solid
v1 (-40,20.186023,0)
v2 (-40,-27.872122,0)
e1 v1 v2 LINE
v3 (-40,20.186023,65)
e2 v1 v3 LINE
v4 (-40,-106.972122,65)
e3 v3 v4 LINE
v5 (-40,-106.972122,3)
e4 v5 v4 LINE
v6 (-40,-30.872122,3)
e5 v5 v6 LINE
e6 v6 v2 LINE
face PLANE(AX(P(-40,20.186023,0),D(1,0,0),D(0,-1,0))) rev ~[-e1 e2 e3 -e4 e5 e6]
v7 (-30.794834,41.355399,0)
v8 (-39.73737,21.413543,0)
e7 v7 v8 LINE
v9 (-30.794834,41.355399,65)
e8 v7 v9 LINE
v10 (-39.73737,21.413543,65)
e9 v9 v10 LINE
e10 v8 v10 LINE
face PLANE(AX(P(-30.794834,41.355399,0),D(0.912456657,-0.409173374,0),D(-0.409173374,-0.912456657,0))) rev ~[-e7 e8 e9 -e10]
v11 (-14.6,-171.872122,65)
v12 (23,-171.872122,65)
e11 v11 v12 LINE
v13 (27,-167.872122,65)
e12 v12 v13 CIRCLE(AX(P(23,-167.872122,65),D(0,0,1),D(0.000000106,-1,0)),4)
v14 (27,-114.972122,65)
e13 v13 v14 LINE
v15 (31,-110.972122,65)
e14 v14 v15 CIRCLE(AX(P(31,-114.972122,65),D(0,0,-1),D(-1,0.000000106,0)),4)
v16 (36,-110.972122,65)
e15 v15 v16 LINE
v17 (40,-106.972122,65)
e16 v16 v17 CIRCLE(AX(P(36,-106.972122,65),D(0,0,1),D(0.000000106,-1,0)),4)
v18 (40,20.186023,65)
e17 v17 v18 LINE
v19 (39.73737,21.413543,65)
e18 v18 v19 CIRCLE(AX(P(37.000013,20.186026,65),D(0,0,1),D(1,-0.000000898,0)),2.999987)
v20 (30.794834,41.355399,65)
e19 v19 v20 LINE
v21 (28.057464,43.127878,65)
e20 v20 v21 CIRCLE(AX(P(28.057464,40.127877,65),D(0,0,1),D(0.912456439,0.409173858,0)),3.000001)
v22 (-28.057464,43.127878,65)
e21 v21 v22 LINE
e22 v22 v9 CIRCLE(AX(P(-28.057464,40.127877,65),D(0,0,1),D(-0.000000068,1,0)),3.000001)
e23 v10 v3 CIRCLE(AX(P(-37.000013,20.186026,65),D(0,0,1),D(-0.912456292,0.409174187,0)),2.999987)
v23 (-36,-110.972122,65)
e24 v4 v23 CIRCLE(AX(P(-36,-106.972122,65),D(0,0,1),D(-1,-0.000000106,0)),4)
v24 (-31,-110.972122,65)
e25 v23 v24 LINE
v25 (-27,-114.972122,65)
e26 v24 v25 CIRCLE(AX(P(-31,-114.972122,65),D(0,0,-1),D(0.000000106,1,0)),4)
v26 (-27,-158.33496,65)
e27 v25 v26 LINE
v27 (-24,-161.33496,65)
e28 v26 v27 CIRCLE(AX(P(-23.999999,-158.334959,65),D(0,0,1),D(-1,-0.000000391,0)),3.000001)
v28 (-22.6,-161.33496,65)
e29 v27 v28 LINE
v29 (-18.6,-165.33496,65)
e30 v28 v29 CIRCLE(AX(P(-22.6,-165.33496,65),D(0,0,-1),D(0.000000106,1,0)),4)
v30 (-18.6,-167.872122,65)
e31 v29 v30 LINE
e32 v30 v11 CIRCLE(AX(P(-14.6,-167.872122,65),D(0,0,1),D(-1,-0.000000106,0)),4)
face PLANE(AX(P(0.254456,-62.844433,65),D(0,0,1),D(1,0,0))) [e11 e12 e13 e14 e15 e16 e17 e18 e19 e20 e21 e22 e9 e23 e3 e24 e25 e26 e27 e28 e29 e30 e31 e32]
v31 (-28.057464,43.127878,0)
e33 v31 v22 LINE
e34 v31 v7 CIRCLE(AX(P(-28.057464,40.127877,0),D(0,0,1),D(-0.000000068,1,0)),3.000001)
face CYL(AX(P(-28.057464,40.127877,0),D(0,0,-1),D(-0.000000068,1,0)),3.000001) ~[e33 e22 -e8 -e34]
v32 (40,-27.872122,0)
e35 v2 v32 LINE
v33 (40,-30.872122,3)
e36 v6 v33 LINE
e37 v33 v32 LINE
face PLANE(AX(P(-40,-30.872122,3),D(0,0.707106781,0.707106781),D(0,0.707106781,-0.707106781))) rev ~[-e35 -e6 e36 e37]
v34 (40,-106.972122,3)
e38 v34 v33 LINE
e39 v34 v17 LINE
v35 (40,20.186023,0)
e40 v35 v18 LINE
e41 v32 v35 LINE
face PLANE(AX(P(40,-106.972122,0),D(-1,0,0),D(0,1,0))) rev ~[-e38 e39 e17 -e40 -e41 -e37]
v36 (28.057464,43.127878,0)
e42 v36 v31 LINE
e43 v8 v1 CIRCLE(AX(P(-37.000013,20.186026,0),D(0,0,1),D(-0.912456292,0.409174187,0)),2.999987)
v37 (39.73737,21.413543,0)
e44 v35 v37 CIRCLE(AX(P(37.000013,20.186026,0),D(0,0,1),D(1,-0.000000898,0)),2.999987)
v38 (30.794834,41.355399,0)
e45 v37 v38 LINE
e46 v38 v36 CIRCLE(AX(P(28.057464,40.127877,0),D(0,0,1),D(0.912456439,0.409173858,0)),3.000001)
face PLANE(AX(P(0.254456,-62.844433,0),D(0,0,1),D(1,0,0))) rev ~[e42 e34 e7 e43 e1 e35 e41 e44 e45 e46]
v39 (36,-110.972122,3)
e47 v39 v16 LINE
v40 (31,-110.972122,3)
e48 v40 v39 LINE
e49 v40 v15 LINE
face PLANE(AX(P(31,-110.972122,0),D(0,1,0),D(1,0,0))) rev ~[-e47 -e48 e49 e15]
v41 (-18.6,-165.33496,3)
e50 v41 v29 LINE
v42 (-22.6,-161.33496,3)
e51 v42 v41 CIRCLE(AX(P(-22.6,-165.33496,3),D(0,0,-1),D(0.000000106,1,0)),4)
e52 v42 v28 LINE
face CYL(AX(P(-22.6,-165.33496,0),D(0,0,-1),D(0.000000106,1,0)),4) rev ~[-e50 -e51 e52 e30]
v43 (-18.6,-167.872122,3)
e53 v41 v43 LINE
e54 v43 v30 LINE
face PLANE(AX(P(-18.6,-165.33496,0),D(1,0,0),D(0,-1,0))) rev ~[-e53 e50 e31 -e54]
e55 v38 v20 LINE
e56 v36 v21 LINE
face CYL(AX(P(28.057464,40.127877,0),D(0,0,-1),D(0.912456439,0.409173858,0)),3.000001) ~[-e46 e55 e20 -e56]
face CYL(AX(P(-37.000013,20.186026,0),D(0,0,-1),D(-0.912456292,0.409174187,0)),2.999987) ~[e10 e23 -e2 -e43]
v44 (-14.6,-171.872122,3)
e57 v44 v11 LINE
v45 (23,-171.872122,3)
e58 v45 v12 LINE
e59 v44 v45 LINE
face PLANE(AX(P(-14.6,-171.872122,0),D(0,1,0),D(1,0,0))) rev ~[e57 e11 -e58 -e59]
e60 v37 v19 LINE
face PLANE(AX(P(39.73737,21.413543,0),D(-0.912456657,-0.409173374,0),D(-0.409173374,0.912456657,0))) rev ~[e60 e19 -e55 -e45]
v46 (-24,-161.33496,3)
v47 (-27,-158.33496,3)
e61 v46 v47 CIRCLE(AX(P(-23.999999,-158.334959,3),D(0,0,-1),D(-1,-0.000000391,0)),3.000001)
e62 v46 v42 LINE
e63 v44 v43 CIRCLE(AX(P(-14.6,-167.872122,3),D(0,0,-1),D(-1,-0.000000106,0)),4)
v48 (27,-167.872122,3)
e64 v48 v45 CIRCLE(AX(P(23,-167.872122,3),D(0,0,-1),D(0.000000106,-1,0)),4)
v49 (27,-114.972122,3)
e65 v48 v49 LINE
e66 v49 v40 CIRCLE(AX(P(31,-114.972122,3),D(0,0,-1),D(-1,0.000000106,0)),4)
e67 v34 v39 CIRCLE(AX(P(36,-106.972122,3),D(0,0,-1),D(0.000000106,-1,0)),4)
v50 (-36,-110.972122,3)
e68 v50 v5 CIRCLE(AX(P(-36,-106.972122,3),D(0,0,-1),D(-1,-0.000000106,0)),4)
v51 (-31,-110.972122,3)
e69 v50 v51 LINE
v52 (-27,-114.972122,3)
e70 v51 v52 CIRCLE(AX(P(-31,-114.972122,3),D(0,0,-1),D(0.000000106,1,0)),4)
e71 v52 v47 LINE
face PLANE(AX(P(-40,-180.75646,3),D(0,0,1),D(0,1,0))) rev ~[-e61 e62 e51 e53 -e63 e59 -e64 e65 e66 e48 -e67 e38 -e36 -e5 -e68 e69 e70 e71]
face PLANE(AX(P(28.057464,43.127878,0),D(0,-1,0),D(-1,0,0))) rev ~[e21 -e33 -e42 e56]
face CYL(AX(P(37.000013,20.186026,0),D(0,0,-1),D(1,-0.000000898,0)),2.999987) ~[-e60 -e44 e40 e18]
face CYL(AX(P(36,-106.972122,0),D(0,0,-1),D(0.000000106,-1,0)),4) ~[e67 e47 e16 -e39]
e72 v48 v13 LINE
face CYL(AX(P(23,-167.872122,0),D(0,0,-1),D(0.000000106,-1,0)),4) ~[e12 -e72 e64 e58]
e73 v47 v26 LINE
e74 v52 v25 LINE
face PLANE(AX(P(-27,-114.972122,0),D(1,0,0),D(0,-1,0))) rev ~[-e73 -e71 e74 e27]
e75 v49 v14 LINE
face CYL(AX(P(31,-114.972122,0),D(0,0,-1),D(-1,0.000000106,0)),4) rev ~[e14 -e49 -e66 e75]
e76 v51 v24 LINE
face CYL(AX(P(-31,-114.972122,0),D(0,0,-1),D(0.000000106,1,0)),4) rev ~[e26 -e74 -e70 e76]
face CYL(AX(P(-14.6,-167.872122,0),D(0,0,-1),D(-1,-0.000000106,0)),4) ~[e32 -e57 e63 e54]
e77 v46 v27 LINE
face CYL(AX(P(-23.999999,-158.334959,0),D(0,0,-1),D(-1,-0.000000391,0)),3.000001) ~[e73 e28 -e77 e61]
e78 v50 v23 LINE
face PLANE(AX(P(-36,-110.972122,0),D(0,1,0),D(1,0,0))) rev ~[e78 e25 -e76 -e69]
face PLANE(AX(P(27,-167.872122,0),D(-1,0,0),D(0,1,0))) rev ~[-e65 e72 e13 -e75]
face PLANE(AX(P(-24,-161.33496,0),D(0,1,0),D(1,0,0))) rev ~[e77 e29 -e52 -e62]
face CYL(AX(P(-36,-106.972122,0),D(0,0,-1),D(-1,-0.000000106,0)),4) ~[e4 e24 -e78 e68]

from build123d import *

# Parameters (mm, degrees)
F1_DEPTH = 65
F2_W     = 76.1
F2_H     = 3
F2_W_2   = 73.784338
F3_DEPTH = 80.001


with BuildPart() as f1:
    # F0 (on Top) → F1 (new body)
    with BuildSketch(Plane.XY):
        with BuildLine():
            Line((0, 43.127878), (-28.057464, 43.127878))
            ThreePointArc((-28.057464, 43.127878), (-29.688022, 42.646068), (-30.794834, 41.355399))
            Line((-30.794834, 41.355399), (-39.73737, 21.413543))
            ThreePointArc((-39.73737, 21.413543), (-39.933608, 20.813674), (-40, 20.186023))
            Line((-40, 20.186023), (-40, -106.972122))
            ThreePointArc((-40, -106.972122), (-38.828427, -109.800549), (-36, -110.972122))
            Line((-36, -110.972122), (-31, -110.972122))
            ThreePointArc((-31, -110.972122), (-28.171573, -112.143695), (-27, -114.972122))
            Line((-27, -114.972122), (-27, -158.33496))
            ThreePointArc((-27, -158.33496), (-26.12132, -160.45628), (-24, -161.33496))
            Line((-24, -161.33496), (-22.6, -161.33496))
            ThreePointArc((-22.6, -161.33496), (-19.771573, -162.506533), (-18.6, -165.33496))
            Line((-18.6, -165.33496), (-18.6, -167.872122))
            ThreePointArc((-18.6, -167.872122), (-17.428427, -170.700549), (-14.6, -171.872122))
            Line((-14.6, -171.872122), (0, -171.872122))
            Line((0, -171.872122), (23, -171.872122))
            ThreePointArc((23, -171.872122), (25.828427, -170.700549), (27, -167.872122))
            Line((27, -167.872122), (27, -114.972122))
            ThreePointArc((27, -114.972122), (28.171573, -112.143695), (31, -110.972122))
            Line((31, -110.972122), (36, -110.972122))
            ThreePointArc((36, -110.972122), (38.828427, -109.800549), (40, -106.972122))
            Line((40, -106.972122), (40, 20.186023))
            ThreePointArc((40, 20.186023), (39.933608, 20.813674), (39.73737, 21.413543))
            Line((39.73737, 21.413543), (30.794834, 41.355399))
            ThreePointArc((30.794834, 41.355399), (29.688022, 42.646068), (28.057464, 43.127878))
            Line((28.057464, 43.127878), (0, 43.127878))
        make_face()
    extrude(amount=F1_DEPTH)

    # F2 (on face) → F3 (cut, through all)
    with BuildSketch(Plane(origin=(-40, 0, 0), x_dir=(0, -1, 0), z_dir=(-1, 0, 0))):
        with Locations((68.922122, 1.5)):
            Rectangle(F2_W, F2_H)
        Polygon((30.872122, 0), (30.872122, 3), (27.872122, 0), align=None)
        with Locations((143.864291, 1.5)):
            Rectangle(F2_W_2, F2_H)
    extrude(amount=-F3_DEPTH, mode=Mode.SUBTRACT)


solid = f1.part
